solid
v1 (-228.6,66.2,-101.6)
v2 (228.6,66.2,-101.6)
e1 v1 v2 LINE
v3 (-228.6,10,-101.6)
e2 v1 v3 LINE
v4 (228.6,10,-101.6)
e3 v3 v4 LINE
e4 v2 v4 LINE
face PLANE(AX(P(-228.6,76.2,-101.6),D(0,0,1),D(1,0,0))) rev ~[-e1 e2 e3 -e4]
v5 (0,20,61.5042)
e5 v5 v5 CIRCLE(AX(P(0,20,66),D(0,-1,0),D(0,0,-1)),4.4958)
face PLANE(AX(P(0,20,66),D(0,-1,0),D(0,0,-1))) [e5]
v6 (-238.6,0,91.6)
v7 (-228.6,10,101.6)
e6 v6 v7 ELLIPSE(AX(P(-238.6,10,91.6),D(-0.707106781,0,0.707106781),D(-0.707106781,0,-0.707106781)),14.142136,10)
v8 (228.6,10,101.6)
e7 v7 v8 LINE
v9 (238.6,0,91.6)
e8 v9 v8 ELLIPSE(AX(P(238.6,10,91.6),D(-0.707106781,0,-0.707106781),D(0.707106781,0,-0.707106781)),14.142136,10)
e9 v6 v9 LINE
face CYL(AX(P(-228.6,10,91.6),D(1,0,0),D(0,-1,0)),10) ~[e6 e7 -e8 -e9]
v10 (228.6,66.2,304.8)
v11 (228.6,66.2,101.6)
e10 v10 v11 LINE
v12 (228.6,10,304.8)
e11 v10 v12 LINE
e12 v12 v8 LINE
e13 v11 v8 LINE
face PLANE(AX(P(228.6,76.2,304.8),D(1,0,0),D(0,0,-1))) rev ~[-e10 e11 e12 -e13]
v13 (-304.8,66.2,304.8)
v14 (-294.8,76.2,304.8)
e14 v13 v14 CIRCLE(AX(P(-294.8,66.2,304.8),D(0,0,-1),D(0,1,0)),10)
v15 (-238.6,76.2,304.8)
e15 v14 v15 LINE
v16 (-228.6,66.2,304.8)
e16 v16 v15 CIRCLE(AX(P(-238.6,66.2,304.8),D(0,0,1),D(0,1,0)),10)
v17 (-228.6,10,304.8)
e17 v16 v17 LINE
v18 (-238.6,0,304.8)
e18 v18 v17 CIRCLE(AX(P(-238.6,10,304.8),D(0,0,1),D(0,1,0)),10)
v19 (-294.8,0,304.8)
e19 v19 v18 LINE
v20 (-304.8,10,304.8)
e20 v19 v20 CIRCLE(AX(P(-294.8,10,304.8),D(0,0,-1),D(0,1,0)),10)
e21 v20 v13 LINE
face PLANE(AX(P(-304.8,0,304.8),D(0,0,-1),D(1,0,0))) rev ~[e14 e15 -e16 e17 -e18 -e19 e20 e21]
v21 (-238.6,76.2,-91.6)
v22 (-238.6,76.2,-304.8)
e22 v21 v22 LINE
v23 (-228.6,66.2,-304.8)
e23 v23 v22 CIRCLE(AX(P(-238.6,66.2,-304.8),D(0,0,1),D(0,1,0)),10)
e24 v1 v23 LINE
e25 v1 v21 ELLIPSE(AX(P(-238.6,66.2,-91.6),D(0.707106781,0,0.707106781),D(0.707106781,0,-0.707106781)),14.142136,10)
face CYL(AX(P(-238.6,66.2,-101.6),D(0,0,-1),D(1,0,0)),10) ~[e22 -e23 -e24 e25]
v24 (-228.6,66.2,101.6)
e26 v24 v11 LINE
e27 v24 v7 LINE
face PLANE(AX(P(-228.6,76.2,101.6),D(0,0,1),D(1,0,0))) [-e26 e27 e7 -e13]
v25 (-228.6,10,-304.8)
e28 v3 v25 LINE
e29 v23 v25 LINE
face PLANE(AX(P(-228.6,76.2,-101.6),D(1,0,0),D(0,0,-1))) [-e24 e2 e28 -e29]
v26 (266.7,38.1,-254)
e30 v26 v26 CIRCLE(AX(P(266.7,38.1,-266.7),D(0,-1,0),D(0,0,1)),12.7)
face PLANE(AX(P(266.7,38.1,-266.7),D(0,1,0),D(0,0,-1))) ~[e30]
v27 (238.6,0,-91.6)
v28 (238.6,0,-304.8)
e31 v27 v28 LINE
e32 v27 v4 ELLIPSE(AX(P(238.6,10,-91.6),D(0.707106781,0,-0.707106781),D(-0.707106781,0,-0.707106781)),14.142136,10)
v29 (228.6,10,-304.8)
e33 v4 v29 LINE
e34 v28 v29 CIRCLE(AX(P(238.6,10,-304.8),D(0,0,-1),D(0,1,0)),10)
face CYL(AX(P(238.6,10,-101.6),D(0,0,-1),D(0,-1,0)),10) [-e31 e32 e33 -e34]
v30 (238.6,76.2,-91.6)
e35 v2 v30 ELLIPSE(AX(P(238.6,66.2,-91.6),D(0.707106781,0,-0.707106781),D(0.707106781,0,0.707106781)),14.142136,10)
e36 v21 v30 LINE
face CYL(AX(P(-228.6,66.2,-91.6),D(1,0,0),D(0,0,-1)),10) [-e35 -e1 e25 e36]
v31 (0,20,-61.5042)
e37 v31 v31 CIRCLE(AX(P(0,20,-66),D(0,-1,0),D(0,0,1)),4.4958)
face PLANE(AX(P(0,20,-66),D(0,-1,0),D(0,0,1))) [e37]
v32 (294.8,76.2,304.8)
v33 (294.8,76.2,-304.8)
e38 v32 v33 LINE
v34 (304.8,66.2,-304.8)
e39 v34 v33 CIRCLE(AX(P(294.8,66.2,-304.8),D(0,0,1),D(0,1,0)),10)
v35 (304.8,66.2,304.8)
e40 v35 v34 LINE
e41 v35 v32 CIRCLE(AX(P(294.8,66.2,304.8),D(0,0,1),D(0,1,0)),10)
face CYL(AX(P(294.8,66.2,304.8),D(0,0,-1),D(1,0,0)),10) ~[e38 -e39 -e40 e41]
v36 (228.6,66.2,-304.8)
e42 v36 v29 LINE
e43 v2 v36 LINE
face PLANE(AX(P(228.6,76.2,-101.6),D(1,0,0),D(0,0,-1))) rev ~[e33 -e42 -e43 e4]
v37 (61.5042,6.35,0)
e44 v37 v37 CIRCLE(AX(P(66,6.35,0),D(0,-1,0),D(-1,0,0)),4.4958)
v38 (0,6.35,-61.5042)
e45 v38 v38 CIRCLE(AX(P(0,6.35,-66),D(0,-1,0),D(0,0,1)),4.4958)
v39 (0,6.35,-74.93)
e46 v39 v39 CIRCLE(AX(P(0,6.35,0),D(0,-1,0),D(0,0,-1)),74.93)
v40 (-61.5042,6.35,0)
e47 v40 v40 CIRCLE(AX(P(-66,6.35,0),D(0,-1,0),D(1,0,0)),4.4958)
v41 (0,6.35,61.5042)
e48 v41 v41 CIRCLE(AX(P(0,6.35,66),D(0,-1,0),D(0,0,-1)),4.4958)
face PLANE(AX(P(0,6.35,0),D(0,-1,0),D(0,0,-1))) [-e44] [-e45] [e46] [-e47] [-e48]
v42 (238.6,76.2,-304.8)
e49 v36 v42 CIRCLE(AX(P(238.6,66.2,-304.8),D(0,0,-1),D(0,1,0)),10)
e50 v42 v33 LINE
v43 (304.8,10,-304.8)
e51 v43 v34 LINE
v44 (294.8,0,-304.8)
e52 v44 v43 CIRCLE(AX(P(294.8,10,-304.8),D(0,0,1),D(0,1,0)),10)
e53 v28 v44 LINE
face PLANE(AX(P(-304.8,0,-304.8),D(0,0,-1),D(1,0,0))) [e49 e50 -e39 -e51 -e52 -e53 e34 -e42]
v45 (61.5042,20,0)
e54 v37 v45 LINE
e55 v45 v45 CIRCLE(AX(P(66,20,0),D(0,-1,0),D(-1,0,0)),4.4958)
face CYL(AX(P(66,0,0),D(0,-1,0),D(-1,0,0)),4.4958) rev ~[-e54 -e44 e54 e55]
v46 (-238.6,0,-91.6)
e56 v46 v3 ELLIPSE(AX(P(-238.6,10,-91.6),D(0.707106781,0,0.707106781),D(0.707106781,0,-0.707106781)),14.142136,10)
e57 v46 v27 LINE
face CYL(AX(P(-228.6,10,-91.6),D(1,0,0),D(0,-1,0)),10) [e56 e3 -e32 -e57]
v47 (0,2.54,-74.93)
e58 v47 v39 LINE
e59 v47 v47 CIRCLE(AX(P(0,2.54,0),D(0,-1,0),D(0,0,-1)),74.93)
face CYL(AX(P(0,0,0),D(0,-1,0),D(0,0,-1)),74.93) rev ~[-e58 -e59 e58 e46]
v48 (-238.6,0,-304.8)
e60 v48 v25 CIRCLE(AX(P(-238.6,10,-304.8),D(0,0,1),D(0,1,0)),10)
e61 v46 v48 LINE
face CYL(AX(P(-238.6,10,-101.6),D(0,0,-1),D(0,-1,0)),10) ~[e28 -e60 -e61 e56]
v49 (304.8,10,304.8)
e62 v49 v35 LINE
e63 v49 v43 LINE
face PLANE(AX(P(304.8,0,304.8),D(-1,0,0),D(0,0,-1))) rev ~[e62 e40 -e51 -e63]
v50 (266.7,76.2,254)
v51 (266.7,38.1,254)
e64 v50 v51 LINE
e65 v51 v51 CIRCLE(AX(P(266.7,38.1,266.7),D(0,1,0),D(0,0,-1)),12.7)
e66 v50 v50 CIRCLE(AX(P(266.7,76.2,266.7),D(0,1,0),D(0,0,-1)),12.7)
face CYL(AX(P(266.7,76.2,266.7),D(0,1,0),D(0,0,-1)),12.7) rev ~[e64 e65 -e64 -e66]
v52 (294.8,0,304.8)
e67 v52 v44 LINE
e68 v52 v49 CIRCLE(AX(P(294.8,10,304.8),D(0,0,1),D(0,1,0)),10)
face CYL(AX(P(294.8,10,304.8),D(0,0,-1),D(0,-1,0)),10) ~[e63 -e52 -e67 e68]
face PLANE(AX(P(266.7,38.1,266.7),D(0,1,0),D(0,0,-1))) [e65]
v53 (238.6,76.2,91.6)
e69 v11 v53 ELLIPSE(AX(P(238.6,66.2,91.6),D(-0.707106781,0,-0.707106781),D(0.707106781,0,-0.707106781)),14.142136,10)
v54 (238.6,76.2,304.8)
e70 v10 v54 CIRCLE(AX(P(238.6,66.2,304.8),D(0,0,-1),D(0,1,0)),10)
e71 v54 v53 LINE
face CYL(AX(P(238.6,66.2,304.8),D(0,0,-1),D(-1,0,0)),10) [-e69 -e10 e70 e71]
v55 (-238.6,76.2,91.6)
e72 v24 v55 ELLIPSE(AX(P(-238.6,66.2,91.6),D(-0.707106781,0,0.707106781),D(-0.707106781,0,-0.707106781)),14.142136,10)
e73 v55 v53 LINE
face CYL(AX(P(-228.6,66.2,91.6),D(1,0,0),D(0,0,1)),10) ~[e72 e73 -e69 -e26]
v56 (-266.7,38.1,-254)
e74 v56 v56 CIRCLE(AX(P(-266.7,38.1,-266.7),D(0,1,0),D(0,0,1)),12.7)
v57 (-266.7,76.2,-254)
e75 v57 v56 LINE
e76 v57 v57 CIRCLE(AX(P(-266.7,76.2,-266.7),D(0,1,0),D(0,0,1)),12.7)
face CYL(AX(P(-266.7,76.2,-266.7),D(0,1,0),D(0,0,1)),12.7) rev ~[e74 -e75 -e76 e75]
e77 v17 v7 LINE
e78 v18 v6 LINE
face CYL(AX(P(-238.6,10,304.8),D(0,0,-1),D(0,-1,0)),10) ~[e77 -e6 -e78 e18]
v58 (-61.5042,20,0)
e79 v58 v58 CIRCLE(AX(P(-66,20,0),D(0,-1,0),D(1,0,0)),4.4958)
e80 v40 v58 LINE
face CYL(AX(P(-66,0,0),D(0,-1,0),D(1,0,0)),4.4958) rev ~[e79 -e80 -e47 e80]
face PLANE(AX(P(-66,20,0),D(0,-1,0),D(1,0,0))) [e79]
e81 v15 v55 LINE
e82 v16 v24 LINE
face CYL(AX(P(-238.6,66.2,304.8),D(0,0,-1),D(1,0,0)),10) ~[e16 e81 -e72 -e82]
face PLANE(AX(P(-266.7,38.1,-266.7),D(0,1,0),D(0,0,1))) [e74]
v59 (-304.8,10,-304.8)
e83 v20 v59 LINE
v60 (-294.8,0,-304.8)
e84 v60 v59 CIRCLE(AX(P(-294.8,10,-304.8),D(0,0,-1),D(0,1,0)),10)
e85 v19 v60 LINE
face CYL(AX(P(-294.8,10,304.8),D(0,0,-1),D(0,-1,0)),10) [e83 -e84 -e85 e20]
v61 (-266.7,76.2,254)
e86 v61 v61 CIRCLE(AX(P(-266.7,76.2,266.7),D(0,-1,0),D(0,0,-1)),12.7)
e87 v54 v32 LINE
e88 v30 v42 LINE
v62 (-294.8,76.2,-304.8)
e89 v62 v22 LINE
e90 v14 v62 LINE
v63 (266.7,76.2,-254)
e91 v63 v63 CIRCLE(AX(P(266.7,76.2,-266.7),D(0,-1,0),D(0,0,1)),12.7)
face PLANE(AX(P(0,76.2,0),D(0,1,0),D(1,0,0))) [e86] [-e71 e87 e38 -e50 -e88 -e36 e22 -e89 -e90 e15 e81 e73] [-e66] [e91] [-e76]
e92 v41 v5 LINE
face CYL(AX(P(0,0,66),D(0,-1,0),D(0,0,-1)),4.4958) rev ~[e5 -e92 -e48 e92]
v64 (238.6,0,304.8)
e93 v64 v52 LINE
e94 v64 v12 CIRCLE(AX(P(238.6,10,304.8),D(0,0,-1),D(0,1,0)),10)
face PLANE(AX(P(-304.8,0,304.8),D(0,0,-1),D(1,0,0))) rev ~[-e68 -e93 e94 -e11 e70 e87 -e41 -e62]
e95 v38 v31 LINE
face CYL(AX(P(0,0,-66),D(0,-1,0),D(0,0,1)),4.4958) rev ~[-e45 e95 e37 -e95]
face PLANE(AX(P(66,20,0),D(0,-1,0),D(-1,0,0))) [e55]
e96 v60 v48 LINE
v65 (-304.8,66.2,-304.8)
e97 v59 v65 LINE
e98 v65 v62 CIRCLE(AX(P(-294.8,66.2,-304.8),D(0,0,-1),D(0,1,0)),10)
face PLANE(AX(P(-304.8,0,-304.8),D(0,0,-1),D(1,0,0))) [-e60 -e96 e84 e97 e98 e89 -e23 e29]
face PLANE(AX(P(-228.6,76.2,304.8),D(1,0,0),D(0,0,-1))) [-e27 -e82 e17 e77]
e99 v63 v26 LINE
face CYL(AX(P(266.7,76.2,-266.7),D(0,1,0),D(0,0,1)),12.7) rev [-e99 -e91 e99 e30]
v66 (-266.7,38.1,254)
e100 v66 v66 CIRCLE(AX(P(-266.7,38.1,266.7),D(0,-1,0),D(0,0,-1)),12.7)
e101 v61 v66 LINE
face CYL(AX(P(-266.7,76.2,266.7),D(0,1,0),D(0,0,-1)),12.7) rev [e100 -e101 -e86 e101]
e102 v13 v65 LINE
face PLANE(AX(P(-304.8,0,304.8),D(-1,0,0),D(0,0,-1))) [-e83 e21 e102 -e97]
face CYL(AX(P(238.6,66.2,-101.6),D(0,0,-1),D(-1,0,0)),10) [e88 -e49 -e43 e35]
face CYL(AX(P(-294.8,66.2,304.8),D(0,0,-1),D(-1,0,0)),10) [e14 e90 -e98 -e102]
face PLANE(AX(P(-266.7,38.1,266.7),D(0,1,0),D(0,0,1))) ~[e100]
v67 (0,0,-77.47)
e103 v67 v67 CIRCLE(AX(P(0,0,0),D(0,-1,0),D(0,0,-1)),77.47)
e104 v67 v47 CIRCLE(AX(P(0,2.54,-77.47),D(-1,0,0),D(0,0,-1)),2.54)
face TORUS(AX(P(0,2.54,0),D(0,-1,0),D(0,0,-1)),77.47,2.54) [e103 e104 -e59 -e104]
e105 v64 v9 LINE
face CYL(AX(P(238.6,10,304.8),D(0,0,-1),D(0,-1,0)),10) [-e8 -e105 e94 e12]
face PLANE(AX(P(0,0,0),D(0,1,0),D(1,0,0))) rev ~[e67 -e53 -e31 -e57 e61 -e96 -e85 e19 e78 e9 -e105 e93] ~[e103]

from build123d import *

# Parameters (mm, degrees)
SKETCH1_W                                  = 609.6
SKETCH1_H                                  = 609.6
BOSS_EXTRUDE1_DEPTH                        = 76.2
SKETCH2_W                                  = 457.2
SKETCH2_H                                  = 203.2
CUT_EXTRUDE1_DEPTH                         = 76.2
SKETCH3_R                                  = 12.7
CUT_EXTRUDE2_DEPTH                         = 38.1
MIRROR1_AT_THE_SECOND_PLANE_COPY_1_SKETC_R = 12.7
MIRROR1_AT_THE_SECOND_PLANE_COPY_1_DEPTH   = 38.1
SKETCH6_R                                  = 74.93
CUT_EXTRUDE3_DEPTH                         = 6.35
FILLET1_R                                  = 2.54
SKETCH7_R                                  = 4.4958
CUT_EXTRUDE4_DEPTH                         = 20
CIRPATTERN1_COUNT                          = 4
FILLET2_R                                  = 10


with BuildPart() as part:
    # Sketch1 → Boss-Extrude1 (new body)
    with BuildSketch(Plane(origin=(0, 0, 0), x_dir=(1, 0, 0), z_dir=(0, 1, 0))):
        Rectangle(SKETCH1_W, SKETCH1_H)
    extrude(amount=BOSS_EXTRUDE1_DEPTH)

    # Sketch2 → Cut-Extrude1 (cut)
    with BuildSketch(Plane(origin=(0, 76.2, 0), x_dir=(1, 0, 0), z_dir=(0, 1, 0))):
        with Locations((0, -203.2)):
            Rectangle(SKETCH2_W, SKETCH2_H)
        with Locations((0, 203.2)):
            Rectangle(SKETCH2_W, SKETCH2_H)
    extrude(amount=-CUT_EXTRUDE1_DEPTH, mode=Mode.SUBTRACT)

    # Sketch3 → Cut-Extrude2 (cut)
    with BuildSketch(Plane(origin=(0, 76.2, 0), x_dir=(1, 0, 0), z_dir=(0, 1, 0))):
        with Locations(Location((-266.7, 266.7, 0), (0, 0, 270))):
            Circle(SKETCH3_R)
    cut_extrude2 = extrude(amount=-CUT_EXTRUDE2_DEPTH, mode=Mode.SUBTRACT)

    # Mirror1: Cut-Extrude2 across plane
    add(cut_extrude2.mirror(Plane(origin=(0, 0, 0), x_dir=(0, 0, 1), z_dir=(1, 0, 0))), mode=Mode.SUBTRACT)

    # Mirror1 at the second plane: Cut-Extrude2 across plane
    add(cut_extrude2.mirror(Plane.XY), mode=Mode.SUBTRACT)

    # Mirror1 at the second plane copy 1 sketc → Mirror1 at the second plane copy 1 (cut)
    with BuildSketch(Plane(origin=(0, 76.2, 0), x_dir=(-1, 0, 0), z_dir=(0, 1, 0))):
        with Locations(Location((-266.7, 266.7, 0), (0, 0, 270))):
            Circle(MIRROR1_AT_THE_SECOND_PLANE_COPY_1_SKETC_R)
    extrude(amount=-MIRROR1_AT_THE_SECOND_PLANE_COPY_1_DEPTH, mode=Mode.SUBTRACT)

    # Sketch6 → Cut-Extrude3 (cut)
    with BuildSketch(Plane.XZ):
        with Locations(Location((0, 0, 0), (0, 0, 270))):
            Circle(SKETCH6_R)
    extrude(amount=-CUT_EXTRUDE3_DEPTH, mode=Mode.SUBTRACT)

    # Fillet1
    fillet1_edges = [part.edges().sort_by_distance(p)[0] for p in [
        (0, 0, 74.93),
    ]]
    fillet(fillet1_edges, radius=FILLET1_R)

    # Sketch7 → Cut-Extrude4 (cut)
    with BuildSketch(Plane.XZ):
        with Locations(Location((0, 66, 0), (0, 0, 270))):
            Circle(SKETCH7_R)
    cut_extrude4 = extrude(amount=-CUT_EXTRUDE4_DEPTH, mode=Mode.SUBTRACT)

    # CirPattern1: Cut-Extrude4 ×4 about axis
    cirpattern1_axis = Axis((0, 0, 0), (0, 1, 0))
    for i in range(1, CIRPATTERN1_COUNT):
        add(cut_extrude4.rotate(cirpattern1_axis, i * 360 / CIRPATTERN1_COUNT), mode=Mode.SUBTRACT)

    # Fillet2
    fillet2_edges = [part.edges().sort_by_distance(p)[0] for p in [
        (-304.8, 76.2, 0),
        (-228.6, 0, 203.2),
        (0, 0, 101.6),
        (228.6, 0, 203.2),
        (-228.6, 76.2, 203.2),
        (228.6, 76.2, 203.2),
        (0, 76.2, 101.6),
        (-228.6, 0, -203.2),
        (228.6, 0, -203.2),
        (0, 0, -101.6),
        (-228.6, 76.2, -203.2),
        (0, 76.2, -101.6),
        (228.6, 76.2, -203.2),
        (304.8, 76.2, 0),
        (-304.8, 0, 0),
        (304.8, 0, 0),
    ]]
    fillet(fillet2_edges, radius=FILLET2_R)


solid = part.part
